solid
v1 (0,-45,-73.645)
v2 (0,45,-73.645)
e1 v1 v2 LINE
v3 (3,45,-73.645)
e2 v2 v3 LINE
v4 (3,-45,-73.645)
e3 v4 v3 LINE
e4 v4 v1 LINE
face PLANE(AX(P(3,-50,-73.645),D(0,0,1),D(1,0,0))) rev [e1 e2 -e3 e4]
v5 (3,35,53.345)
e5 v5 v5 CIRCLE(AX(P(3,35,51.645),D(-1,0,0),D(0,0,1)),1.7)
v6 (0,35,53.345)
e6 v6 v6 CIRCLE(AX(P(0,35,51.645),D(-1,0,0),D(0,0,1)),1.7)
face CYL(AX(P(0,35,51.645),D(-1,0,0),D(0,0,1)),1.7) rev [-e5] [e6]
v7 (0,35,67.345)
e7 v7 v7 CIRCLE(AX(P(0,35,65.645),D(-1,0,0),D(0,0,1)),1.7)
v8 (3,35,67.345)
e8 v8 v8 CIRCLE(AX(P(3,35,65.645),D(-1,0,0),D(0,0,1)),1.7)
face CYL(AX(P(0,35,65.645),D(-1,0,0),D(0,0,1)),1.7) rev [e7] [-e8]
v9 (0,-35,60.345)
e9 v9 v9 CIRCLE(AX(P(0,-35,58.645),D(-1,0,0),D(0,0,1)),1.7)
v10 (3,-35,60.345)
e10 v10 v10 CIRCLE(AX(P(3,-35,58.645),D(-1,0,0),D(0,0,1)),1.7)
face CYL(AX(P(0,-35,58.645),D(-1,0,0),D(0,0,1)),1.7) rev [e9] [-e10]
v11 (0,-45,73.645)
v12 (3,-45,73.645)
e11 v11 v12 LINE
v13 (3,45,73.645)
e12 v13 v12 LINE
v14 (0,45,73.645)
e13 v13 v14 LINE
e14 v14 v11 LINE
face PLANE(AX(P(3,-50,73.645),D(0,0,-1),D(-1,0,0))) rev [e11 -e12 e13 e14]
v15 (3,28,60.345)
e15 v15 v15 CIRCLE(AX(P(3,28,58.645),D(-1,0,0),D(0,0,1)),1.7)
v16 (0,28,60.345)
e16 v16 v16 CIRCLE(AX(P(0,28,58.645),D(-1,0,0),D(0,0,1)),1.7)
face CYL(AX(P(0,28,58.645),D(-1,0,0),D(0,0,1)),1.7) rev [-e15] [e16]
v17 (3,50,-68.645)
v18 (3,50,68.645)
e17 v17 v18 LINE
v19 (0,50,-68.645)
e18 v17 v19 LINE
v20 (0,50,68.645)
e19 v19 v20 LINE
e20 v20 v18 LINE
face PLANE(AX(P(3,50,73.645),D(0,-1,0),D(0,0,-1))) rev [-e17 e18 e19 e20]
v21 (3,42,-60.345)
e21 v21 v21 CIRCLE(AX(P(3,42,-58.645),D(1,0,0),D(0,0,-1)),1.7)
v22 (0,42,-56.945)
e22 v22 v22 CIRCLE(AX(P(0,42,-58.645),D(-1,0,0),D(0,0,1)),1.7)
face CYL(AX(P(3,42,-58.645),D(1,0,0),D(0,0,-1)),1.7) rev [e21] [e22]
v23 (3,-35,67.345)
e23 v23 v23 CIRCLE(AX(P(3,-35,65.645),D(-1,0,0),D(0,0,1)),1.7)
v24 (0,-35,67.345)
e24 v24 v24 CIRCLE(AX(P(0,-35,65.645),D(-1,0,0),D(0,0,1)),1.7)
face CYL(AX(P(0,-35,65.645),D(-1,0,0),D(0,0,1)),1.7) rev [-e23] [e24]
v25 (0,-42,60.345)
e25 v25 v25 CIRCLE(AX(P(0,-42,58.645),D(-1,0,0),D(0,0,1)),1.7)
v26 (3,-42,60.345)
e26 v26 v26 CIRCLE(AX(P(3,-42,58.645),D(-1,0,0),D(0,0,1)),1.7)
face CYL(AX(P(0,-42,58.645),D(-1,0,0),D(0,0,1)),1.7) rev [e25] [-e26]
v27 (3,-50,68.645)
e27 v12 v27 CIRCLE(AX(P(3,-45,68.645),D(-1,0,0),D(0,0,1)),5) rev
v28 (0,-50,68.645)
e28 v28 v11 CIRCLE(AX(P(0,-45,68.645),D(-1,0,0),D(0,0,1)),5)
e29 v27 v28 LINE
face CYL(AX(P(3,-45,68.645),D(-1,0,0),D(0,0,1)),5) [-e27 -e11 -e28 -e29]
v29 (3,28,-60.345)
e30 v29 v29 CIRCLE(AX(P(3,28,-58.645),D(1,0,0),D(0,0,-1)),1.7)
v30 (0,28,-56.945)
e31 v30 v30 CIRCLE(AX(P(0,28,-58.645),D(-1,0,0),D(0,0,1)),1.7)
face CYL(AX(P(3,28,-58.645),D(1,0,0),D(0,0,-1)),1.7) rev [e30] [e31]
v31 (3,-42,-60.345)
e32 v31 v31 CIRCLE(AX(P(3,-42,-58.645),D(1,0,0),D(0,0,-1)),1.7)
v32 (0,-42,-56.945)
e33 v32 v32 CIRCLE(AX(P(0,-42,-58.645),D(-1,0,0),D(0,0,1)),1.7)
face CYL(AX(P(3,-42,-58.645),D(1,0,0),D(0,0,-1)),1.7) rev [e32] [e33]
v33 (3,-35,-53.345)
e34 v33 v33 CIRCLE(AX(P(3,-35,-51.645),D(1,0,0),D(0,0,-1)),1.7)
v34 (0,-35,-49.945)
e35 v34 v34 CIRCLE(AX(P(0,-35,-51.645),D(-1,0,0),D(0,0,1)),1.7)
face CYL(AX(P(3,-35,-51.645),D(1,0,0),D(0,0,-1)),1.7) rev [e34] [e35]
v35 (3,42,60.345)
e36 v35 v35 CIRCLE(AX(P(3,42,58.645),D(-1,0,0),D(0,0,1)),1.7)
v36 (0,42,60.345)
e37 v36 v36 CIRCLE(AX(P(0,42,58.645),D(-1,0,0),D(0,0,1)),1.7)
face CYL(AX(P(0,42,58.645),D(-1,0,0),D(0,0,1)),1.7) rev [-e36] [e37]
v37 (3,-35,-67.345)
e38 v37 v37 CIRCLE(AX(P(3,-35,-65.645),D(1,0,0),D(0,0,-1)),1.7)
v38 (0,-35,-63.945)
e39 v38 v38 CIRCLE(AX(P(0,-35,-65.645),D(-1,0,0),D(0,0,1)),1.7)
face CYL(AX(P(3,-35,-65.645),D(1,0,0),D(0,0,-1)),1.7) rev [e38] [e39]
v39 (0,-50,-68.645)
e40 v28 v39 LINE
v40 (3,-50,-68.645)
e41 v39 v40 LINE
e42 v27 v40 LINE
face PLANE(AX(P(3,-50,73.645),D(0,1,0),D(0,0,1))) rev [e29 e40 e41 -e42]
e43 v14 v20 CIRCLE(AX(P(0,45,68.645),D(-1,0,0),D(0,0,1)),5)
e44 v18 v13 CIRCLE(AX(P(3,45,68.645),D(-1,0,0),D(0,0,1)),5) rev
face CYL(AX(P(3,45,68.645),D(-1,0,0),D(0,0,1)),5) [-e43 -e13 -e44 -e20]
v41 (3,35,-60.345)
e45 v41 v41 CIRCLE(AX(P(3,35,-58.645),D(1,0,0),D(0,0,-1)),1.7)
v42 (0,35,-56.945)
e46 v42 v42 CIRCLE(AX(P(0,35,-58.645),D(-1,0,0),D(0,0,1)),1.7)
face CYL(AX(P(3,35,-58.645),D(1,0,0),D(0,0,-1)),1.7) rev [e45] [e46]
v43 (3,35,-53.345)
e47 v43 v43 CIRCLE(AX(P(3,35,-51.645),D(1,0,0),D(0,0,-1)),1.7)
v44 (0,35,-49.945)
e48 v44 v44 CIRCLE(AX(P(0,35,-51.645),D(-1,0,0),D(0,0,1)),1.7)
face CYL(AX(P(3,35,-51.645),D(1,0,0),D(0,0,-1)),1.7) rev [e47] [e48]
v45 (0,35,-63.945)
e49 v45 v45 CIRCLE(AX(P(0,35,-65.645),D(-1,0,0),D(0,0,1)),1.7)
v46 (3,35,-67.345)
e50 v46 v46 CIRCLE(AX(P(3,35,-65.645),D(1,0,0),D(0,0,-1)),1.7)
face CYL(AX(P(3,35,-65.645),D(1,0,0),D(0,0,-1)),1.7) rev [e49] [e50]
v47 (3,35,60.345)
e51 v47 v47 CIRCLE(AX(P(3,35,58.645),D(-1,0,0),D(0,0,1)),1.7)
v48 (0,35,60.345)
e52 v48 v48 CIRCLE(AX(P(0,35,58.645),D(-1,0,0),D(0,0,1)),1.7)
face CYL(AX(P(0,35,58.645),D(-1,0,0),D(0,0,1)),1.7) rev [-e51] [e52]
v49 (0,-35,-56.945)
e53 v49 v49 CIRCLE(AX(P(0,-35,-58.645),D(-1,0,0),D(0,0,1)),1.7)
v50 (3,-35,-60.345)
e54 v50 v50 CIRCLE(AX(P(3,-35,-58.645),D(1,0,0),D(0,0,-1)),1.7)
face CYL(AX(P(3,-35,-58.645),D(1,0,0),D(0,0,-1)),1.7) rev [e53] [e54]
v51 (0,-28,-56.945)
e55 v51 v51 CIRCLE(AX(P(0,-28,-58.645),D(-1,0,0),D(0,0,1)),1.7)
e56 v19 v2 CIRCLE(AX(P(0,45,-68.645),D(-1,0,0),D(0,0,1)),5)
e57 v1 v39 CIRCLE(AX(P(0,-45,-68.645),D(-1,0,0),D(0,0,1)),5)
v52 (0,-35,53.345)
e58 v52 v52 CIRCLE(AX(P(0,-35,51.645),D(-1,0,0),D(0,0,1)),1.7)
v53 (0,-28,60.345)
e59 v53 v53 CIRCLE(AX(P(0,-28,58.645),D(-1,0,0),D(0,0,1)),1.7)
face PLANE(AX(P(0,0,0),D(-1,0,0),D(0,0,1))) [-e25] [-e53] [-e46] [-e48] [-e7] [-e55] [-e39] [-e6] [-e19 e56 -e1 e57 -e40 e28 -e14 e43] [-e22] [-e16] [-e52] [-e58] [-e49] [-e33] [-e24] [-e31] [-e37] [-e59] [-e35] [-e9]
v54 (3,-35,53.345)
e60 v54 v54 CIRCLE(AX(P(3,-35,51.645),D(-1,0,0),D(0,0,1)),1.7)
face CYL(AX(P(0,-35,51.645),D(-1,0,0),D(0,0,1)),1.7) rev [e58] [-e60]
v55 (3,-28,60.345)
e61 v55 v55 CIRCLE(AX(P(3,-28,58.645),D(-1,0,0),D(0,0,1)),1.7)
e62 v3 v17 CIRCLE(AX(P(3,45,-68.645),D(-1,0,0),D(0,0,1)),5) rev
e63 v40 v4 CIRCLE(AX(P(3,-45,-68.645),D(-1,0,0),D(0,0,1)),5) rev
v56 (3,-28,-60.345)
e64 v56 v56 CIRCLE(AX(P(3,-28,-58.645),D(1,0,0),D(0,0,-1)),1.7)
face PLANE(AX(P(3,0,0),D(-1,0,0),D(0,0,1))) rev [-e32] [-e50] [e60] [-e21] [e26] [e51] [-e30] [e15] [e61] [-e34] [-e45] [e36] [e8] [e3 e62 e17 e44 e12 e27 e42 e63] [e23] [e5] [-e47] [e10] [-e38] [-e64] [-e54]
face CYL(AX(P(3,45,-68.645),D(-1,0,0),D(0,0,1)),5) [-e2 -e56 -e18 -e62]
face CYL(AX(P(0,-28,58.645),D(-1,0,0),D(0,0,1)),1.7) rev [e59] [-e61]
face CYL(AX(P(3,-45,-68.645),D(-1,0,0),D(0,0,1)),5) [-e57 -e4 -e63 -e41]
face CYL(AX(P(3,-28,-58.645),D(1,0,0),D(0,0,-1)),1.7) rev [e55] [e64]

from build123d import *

# Parameters (mm, degrees)
SKETCH1_W            = 147.29
SKETCH1_H            = 100
BOSS_EXTRUDE1_DEPTH  = 3
M3_CLEARANCE_HOLE2_D = 3.4
M3_CLEARANCE_HOLE3_D = 3.4
FILLET1_R            = 5


with BuildPart() as part:
    # Sketch1 → Boss-Extrude1 (new body)
    with BuildSketch(Plane(origin=(0, 0, 0), x_dir=(0, 0, -1), z_dir=(1, 0, 0))):
        Rectangle(SKETCH1_W, SKETCH1_H)
    extrude(amount=BOSS_EXTRUDE1_DEPTH)

    # M3 Clearance Hole2 (through all)
    with Locations(Plane(origin=(3, 0, 0), x_dir=(0, 0, -1), z_dir=(1, 0, 0))):
        with Locations((58.645, -35), (51.645, -35), (58.645, -28), (65.645, -35), (58.645, -42), (58.645, 35), (58.645, 42), (51.645, 35), (58.645, 28), (65.645, 35)):
            Hole(M3_CLEARANCE_HOLE2_D / 2)

    # M3 Clearance Hole3 (through all)
    with Locations(Plane.ZY):
        with Locations((58.645, 35), (58.645, 42), (65.645, 35), (58.645, 28), (51.645, 35), (58.645, -35), (58.645, -28), (65.645, -35), (58.645, -42), (51.645, -35)):
            Hole(M3_CLEARANCE_HOLE3_D / 2)

    # Fillet1
    fillet1_edges = [part.edges().sort_by_distance(p)[0] for p in [
        (1.5, -50, -73.645),
        (1.5, -50, 73.645),
        (1.5, 50, 73.645),
        (1.5, 50, -73.645),
    ]]
    fillet(fillet1_edges, radius=FILLET1_R)


solid = part.part
